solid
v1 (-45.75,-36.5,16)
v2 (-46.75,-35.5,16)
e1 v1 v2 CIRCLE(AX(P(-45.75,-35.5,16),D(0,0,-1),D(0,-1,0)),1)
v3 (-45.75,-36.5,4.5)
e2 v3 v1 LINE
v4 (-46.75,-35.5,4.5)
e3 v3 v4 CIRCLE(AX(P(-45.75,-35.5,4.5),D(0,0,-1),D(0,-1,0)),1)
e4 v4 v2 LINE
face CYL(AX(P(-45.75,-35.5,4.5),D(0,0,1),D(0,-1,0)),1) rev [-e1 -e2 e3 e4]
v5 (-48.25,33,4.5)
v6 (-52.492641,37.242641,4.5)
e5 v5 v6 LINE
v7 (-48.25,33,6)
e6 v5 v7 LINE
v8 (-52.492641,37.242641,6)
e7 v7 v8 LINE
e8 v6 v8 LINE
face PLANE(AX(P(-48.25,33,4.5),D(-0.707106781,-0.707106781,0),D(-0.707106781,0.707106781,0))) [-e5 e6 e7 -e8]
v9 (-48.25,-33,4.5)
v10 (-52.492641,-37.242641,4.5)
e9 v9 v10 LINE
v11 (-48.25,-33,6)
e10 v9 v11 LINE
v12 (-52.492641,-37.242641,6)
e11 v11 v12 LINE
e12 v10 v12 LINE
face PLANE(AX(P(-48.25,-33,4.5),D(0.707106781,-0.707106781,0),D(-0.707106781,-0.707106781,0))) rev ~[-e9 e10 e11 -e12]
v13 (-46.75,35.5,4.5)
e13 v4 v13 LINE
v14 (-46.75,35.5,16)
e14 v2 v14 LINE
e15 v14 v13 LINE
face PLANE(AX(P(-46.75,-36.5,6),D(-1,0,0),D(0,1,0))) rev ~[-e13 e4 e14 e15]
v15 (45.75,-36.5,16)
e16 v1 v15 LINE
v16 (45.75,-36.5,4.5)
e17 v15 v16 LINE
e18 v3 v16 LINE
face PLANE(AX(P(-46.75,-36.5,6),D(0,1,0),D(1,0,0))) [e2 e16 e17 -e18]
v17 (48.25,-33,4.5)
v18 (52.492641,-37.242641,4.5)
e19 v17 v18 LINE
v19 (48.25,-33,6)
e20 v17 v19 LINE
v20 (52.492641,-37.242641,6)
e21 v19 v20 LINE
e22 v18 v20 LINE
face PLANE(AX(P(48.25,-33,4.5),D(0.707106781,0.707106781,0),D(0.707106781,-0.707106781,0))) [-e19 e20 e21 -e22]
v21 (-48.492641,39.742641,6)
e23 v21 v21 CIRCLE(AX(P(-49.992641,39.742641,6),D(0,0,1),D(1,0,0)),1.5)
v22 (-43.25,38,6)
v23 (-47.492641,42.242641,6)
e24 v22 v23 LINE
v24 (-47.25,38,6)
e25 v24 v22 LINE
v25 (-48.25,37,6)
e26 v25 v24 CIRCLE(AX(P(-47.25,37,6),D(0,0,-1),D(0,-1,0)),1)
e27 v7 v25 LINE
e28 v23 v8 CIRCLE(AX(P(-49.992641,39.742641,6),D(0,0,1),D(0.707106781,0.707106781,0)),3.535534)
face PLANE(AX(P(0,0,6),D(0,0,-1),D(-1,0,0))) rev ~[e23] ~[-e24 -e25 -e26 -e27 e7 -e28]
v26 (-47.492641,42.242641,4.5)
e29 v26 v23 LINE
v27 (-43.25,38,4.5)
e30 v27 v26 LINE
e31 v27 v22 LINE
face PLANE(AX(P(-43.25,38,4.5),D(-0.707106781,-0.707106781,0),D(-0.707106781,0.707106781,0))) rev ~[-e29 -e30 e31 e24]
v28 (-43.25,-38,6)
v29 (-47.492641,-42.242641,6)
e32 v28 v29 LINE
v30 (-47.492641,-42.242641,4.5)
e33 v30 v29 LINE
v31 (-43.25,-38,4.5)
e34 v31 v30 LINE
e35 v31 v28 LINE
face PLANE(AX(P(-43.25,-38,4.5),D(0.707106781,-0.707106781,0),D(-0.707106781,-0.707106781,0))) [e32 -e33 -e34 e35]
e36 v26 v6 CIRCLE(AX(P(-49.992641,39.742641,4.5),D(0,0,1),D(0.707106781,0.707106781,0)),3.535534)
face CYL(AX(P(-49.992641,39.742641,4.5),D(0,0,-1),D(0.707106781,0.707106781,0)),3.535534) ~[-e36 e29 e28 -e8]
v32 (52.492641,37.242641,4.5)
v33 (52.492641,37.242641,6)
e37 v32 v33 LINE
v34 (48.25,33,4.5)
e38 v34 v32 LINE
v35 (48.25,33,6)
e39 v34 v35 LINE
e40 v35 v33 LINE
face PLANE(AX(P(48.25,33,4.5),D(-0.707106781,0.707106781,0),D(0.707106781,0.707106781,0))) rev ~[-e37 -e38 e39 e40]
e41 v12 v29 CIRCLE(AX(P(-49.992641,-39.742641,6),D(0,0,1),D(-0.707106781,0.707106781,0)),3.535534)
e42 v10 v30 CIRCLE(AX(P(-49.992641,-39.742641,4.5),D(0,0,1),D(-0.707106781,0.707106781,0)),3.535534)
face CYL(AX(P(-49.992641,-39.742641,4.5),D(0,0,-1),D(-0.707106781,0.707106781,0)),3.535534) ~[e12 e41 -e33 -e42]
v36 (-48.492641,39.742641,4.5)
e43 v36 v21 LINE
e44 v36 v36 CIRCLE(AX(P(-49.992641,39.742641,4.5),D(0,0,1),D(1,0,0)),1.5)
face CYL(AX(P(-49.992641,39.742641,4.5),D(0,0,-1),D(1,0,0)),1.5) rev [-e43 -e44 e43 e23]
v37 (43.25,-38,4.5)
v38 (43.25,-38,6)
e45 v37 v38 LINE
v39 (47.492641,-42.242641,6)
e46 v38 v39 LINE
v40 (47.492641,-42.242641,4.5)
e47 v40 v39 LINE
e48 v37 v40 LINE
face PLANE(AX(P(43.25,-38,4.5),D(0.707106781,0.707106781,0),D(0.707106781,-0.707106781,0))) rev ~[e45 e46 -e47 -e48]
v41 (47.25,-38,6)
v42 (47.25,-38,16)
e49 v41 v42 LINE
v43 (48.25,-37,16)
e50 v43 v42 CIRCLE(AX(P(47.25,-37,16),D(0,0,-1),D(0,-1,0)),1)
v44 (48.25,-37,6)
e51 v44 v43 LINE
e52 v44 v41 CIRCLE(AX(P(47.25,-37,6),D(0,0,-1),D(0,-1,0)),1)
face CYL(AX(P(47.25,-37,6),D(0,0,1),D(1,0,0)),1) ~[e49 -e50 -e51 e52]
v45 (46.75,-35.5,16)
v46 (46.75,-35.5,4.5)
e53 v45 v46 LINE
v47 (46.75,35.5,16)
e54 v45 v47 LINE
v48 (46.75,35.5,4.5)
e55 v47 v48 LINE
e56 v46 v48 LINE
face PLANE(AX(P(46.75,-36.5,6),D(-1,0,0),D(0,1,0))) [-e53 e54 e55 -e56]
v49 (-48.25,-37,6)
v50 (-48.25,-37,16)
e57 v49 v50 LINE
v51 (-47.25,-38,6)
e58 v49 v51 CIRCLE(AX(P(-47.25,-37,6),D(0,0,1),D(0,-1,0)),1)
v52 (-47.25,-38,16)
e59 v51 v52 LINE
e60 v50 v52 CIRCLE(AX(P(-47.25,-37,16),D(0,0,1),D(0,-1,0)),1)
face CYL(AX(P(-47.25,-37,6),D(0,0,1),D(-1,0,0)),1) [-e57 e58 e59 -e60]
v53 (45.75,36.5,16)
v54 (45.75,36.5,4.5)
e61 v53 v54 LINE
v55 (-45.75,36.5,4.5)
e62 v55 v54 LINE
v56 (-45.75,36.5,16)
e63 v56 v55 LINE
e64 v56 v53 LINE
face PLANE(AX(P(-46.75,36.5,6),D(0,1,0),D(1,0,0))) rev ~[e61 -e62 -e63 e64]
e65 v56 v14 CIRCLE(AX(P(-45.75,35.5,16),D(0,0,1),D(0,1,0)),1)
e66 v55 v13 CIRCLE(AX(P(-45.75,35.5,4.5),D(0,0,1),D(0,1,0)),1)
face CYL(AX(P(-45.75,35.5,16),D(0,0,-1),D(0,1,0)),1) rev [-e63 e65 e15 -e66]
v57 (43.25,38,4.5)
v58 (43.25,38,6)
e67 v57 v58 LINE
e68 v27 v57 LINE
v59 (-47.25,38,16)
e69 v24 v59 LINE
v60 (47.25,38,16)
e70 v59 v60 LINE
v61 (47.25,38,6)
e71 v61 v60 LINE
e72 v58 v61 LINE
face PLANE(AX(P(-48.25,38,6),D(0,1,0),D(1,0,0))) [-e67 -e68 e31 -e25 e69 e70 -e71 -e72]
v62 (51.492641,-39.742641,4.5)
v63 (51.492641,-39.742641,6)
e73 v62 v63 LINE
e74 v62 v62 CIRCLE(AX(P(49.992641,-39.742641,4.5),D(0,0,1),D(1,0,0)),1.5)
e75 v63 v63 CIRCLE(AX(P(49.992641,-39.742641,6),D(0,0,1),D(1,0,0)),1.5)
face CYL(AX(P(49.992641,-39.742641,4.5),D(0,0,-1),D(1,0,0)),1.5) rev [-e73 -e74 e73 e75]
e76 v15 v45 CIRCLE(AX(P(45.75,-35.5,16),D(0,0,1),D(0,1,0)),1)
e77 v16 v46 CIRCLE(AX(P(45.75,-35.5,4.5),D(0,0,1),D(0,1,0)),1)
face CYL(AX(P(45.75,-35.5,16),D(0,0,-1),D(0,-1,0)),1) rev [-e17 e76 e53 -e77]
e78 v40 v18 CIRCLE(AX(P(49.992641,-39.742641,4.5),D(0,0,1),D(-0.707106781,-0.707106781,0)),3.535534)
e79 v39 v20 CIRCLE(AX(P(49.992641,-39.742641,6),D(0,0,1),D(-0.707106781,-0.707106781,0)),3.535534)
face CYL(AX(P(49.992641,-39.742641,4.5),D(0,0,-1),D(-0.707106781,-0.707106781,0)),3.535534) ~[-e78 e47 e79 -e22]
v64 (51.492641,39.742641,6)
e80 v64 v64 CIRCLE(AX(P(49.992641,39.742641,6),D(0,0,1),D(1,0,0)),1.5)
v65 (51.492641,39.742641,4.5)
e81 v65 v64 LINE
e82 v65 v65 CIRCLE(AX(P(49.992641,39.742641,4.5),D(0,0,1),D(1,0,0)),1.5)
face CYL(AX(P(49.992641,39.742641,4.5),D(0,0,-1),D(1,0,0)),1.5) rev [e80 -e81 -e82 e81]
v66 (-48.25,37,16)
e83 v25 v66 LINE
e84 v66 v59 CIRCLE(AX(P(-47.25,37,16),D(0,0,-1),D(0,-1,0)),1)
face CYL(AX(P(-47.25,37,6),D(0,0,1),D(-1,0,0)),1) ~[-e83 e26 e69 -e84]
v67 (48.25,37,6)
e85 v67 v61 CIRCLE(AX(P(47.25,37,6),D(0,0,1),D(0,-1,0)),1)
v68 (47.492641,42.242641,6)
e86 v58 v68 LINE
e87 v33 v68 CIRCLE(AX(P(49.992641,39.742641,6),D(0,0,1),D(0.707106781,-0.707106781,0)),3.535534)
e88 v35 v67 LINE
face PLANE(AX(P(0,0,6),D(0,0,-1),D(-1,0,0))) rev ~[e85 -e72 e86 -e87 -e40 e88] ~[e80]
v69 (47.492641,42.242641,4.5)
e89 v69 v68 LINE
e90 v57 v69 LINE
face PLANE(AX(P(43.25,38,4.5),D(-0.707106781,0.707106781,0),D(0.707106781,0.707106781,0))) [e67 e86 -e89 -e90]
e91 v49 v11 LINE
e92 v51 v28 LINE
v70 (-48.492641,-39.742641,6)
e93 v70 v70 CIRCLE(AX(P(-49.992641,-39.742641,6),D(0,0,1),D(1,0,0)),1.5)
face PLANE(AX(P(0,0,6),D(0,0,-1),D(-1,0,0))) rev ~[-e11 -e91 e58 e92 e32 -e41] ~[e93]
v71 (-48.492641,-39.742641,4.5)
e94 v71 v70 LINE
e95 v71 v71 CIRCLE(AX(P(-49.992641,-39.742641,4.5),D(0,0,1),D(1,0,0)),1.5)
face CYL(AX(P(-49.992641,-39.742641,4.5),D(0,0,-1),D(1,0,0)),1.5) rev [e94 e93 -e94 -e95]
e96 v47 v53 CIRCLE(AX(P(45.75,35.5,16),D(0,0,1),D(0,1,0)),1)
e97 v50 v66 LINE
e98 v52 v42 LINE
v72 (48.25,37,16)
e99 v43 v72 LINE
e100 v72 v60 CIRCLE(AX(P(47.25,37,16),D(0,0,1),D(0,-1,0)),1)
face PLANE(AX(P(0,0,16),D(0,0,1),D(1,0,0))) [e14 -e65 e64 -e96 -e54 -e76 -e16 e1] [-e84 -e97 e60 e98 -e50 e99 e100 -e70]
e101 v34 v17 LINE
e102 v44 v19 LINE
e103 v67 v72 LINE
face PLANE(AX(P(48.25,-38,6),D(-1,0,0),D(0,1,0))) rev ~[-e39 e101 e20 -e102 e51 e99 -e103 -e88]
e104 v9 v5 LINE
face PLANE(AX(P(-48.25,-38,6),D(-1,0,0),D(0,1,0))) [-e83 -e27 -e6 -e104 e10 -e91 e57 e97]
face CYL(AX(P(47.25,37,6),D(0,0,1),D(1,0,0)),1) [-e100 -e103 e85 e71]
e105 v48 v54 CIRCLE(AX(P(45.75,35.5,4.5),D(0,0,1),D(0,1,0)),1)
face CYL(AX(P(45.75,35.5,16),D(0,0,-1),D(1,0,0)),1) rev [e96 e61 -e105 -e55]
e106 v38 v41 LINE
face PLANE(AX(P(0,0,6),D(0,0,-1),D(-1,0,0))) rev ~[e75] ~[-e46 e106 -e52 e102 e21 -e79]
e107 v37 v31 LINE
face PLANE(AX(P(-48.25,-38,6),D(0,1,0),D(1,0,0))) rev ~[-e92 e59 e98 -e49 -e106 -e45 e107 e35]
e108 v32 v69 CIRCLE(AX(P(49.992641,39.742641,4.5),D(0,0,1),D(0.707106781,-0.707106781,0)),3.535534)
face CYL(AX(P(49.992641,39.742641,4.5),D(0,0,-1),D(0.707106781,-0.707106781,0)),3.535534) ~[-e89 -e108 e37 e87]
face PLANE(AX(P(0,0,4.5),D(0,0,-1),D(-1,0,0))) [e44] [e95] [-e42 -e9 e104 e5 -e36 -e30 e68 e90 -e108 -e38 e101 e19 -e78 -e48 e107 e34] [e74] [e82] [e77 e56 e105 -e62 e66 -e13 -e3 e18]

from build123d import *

# Parameters (mm, degrees)
SKETCH007_R   = 1.5
SKETCH007_W   = 93.5
SKETCH007_H   = 73
PAD004_DEPTH  = 1.5
SKETCH008_W   = 96.5
SKETCH008_H   = 76
SKETCH008_W_2 = 93.5
SKETCH008_H_2 = 73
PAD005_DEPTH  = 10
FILLET005_R   = 1


with BuildPart() as part:
    # Sketch007 → Pad004 (new body)
    with BuildSketch(Plane.XY):
        with BuildLine():
            Line((-48.25, -33), (-48.25, 33))
            Line((-48.25, 33), (-52.492641, 37.242641))
            ThreePointArc((-47.492641, 42.242641), (-52.492641, 42.242641), (-52.492641, 37.242641))
            Line((-43.25, 38), (-47.492641, 42.242641))
            Line((-43.25, 38), (43.25, 38))
            Line((43.25, 38), (47.492641, 42.242641))
            ThreePointArc((52.492641, 37.242641), (52.492641, 42.242641), (47.492641, 42.242641))
            Line((48.25, 33), (52.492641, 37.242641))
            Line((48.25, 33), (48.25, -33))
            Line((48.25, -33), (52.492641, -37.242641))
            ThreePointArc((47.492641, -42.242641), (52.492641, -42.242641), (52.492641, -37.242641))
            Line((43.25, -38), (47.492641, -42.242641))
            Line((43.25, -38), (-43.25, -38))
            Line((-43.25, -38), (-47.492641, -42.242641))
            ThreePointArc((-52.492641, -37.242641), (-52.492641, -42.242641), (-47.492641, -42.242641))
            Line((-48.25, -33), (-52.492641, -37.242641))
        make_face()
        with Locations((49.992641, -39.742641)):
            Circle(SKETCH007_R, mode=Mode.SUBTRACT)
        with Locations((-49.992641, -39.742641)):
            Circle(SKETCH007_R, mode=Mode.SUBTRACT)
        with Locations((-49.992641, 39.742641)):
            Circle(SKETCH007_R, mode=Mode.SUBTRACT)
        with Locations((49.992641, 39.742641)):
            Circle(SKETCH007_R, mode=Mode.SUBTRACT)
        Rectangle(SKETCH007_W, SKETCH007_H, mode=Mode.SUBTRACT)
    extrude(amount=PAD004_DEPTH)

    # Sketch008 (on Face26 of Pad004) → Pad005 (join)
    with BuildSketch(Plane.XY.offset(1.5)):
        Rectangle(SKETCH008_W, SKETCH008_H)
        Rectangle(SKETCH008_W_2, SKETCH008_H_2, mode=Mode.SUBTRACT)
    extrude(amount=PAD005_DEPTH)

    # Fillet005
    fillet005_edges = [part.edges().sort_by_distance(p)[0] for p in [
        (48.25, -38, 6.5),
        (-48.25, -38, 6.5),
        (48.25, 38, 6.5),
        (-48.25, 38, 6.5),
        (46.75, -36.5, 6.5),
        (-46.75, 36.5, 6.5),
        (46.75, 36.5, 6.5),
        (-46.75, -36.5, 6.5),
    ]]
    fillet(fillet005_edges, radius=FILLET005_R)


with BuildPart() as part_1:
    # Body003 placement: moved
    add(part.part.moved(Location((0, 0, 4.5))))


solid = part_1.part
